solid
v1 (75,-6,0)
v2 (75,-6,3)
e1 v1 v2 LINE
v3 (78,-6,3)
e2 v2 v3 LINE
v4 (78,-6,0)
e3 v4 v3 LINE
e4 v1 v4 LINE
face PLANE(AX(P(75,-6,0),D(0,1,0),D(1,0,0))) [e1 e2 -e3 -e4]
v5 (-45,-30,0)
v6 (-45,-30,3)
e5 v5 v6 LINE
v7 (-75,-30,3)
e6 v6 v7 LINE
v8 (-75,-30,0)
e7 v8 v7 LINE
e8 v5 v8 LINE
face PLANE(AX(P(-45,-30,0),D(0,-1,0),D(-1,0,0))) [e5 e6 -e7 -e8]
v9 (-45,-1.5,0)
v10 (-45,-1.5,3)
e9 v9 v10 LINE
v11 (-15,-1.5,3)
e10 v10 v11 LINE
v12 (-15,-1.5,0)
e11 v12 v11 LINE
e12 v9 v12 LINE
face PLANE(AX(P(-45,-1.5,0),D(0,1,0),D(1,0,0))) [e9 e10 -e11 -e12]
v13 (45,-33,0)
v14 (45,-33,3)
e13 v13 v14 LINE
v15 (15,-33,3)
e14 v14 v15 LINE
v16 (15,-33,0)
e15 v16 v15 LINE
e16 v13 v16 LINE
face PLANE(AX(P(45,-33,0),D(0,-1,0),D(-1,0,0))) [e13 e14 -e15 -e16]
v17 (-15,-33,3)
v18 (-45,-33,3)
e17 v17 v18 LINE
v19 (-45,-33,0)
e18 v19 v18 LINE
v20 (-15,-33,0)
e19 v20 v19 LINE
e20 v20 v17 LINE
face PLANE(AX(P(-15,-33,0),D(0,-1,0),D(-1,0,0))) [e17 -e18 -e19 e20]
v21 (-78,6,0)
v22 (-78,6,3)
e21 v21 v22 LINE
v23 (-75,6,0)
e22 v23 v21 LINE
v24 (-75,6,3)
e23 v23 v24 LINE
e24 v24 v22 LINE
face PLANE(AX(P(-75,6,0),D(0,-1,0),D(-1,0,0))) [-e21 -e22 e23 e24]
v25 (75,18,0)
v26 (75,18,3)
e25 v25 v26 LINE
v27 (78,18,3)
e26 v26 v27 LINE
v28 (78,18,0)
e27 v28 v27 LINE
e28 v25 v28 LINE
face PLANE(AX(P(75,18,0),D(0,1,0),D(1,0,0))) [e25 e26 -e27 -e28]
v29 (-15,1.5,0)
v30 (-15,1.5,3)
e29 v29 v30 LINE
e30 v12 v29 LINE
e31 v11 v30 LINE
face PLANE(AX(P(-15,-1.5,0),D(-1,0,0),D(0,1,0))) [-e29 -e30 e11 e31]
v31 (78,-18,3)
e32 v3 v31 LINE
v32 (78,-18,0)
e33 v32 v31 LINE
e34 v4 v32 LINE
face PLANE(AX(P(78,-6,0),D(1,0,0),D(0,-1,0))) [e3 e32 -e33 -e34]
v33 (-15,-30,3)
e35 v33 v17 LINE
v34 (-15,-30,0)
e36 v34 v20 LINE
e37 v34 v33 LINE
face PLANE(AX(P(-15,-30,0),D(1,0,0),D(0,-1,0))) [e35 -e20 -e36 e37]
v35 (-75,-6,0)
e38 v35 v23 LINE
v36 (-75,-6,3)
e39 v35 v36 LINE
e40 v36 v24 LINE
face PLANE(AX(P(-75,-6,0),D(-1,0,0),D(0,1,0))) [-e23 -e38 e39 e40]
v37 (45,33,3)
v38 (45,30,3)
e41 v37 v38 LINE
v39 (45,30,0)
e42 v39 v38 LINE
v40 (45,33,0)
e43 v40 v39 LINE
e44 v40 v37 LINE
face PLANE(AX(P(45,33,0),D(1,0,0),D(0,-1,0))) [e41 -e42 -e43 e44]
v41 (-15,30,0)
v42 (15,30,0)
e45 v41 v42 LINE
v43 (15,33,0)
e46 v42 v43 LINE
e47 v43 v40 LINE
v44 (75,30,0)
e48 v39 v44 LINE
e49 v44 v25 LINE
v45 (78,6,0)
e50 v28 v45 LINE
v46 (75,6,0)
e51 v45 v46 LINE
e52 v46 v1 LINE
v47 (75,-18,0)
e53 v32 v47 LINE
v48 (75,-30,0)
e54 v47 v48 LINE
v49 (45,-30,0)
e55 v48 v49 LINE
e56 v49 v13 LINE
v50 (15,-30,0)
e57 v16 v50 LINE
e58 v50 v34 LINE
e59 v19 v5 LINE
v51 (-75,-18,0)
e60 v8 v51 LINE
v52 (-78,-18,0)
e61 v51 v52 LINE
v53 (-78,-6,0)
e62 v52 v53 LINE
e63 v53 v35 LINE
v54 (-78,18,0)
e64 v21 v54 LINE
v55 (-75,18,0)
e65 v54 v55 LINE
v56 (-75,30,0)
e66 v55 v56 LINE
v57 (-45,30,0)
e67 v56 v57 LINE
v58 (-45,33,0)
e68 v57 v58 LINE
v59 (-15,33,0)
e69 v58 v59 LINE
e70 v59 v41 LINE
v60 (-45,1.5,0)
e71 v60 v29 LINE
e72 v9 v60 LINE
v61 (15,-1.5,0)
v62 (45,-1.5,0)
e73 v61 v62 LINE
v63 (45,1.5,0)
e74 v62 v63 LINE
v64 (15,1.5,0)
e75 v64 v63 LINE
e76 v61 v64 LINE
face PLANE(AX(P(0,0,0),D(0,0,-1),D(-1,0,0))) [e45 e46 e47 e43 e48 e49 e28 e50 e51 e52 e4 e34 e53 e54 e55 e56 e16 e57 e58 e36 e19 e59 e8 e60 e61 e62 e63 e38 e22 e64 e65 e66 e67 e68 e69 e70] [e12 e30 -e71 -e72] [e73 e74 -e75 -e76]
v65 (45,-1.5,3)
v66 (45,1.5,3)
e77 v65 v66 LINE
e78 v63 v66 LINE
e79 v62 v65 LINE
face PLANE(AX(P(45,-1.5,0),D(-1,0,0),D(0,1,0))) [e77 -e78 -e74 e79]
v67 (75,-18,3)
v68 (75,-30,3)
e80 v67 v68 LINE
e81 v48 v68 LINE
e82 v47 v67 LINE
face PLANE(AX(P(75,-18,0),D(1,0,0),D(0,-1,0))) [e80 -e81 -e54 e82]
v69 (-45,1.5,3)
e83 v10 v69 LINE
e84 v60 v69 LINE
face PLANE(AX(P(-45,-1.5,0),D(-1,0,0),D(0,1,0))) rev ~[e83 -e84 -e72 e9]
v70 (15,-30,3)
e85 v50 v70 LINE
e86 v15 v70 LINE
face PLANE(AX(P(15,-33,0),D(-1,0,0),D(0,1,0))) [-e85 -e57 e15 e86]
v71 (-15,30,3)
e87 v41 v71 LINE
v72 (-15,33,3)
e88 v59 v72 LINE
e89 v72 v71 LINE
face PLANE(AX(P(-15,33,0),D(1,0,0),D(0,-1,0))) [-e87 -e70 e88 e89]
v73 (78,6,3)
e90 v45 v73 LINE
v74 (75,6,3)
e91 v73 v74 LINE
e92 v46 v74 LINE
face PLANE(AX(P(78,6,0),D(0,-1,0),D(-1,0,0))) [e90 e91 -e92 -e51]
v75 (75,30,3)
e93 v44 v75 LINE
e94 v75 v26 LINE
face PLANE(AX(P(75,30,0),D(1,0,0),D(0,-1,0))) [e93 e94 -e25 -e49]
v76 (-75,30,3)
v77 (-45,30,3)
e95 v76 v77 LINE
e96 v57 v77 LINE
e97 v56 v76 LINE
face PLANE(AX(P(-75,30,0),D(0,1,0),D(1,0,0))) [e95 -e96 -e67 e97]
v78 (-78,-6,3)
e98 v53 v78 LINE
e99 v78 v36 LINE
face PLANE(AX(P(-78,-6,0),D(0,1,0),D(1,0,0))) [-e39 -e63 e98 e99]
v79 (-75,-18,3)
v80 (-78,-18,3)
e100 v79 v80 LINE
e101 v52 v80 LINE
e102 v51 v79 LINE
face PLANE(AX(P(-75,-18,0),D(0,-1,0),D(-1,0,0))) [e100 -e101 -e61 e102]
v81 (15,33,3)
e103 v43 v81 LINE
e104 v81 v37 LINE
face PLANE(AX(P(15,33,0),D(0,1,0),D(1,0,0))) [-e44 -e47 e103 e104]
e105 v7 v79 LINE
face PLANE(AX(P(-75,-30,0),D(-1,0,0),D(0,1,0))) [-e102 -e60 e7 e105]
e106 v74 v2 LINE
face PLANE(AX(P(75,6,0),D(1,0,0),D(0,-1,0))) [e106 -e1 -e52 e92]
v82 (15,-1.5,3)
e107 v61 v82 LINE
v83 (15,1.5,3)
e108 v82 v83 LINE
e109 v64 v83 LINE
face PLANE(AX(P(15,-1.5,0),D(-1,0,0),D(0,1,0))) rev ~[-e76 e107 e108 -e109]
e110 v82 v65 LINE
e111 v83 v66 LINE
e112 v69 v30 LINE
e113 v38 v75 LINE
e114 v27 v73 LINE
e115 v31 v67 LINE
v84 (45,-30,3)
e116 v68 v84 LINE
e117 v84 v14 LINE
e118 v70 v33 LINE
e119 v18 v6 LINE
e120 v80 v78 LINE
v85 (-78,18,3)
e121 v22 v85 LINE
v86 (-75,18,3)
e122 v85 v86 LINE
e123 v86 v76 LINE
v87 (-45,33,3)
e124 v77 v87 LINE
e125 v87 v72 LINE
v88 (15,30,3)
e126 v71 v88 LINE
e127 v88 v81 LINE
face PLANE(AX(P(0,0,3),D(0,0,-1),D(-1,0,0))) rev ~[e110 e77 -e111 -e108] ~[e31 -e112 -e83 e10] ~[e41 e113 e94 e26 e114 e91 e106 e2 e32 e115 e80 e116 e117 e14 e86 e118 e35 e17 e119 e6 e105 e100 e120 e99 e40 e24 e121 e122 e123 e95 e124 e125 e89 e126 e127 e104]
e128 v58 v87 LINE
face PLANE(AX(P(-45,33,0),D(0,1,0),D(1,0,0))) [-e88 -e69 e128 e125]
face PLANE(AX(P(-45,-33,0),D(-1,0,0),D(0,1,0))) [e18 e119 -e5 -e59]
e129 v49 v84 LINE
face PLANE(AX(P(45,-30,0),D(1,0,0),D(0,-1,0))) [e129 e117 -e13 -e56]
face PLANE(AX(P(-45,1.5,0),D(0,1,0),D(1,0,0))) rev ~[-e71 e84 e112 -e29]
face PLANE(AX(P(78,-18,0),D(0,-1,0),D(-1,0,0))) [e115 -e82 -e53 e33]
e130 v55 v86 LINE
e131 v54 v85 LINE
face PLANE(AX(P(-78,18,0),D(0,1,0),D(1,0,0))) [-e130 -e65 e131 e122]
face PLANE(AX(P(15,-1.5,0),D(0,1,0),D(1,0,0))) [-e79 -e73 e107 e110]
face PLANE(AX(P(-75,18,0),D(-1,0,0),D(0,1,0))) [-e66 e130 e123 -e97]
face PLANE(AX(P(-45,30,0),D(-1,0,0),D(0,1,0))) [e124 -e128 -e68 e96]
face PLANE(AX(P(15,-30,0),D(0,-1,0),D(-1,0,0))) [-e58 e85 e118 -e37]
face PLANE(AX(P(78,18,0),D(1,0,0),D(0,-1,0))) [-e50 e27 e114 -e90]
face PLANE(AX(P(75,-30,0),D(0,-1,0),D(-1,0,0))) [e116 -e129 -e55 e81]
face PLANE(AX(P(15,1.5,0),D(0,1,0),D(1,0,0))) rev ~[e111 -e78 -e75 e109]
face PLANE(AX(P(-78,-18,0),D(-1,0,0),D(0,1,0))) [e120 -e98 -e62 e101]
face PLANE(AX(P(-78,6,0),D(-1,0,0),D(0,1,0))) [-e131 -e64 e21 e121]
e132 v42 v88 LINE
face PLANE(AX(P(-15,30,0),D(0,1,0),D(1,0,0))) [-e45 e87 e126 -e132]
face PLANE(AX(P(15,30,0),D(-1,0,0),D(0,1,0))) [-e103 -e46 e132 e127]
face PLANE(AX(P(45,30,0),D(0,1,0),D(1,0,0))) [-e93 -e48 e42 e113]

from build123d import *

# Parameters (mm, degrees)
ESBO_O1_W                = 30
ESBO_O1_H                = 3
RESSALTO_EXTRUS_O1_DEPTH = 3


with BuildPart() as part:
    # Esboço1 → Ressalto-extrusão1 (new body)
    with BuildSketch(Plane.XY):
        Polygon((45, 30), (75, 30), (75, 18), (78, 18), (78, 6), (75, 6), (75, -6), (78, -6), (78, -18), (75, -18), (75, -30), (45, -30), (45, -33), (15, -33), (15, -30), (-15, -30), (-15, -33), (-45, -33), (-45, -30), (-75, -30), (-75, -18), (-78, -18), (-78, -6), (-75, -6), (-75, 6), (-78, 6), (-78, 18), (-75, 18), (-75, 30), (-45, 30), (-45, 33), (-15, 33), (-15, 30), (15, 30), (15, 33), (45, 33), align=None)
        with Locations((30, 0)):
            Rectangle(ESBO_O1_W, ESBO_O1_H, mode=Mode.SUBTRACT)
        with Locations((-30, 0)):
            Rectangle(ESBO_O1_W, ESBO_O1_H, mode=Mode.SUBTRACT)
    extrude(amount=RESSALTO_EXTRUS_O1_DEPTH)


solid = part.part
